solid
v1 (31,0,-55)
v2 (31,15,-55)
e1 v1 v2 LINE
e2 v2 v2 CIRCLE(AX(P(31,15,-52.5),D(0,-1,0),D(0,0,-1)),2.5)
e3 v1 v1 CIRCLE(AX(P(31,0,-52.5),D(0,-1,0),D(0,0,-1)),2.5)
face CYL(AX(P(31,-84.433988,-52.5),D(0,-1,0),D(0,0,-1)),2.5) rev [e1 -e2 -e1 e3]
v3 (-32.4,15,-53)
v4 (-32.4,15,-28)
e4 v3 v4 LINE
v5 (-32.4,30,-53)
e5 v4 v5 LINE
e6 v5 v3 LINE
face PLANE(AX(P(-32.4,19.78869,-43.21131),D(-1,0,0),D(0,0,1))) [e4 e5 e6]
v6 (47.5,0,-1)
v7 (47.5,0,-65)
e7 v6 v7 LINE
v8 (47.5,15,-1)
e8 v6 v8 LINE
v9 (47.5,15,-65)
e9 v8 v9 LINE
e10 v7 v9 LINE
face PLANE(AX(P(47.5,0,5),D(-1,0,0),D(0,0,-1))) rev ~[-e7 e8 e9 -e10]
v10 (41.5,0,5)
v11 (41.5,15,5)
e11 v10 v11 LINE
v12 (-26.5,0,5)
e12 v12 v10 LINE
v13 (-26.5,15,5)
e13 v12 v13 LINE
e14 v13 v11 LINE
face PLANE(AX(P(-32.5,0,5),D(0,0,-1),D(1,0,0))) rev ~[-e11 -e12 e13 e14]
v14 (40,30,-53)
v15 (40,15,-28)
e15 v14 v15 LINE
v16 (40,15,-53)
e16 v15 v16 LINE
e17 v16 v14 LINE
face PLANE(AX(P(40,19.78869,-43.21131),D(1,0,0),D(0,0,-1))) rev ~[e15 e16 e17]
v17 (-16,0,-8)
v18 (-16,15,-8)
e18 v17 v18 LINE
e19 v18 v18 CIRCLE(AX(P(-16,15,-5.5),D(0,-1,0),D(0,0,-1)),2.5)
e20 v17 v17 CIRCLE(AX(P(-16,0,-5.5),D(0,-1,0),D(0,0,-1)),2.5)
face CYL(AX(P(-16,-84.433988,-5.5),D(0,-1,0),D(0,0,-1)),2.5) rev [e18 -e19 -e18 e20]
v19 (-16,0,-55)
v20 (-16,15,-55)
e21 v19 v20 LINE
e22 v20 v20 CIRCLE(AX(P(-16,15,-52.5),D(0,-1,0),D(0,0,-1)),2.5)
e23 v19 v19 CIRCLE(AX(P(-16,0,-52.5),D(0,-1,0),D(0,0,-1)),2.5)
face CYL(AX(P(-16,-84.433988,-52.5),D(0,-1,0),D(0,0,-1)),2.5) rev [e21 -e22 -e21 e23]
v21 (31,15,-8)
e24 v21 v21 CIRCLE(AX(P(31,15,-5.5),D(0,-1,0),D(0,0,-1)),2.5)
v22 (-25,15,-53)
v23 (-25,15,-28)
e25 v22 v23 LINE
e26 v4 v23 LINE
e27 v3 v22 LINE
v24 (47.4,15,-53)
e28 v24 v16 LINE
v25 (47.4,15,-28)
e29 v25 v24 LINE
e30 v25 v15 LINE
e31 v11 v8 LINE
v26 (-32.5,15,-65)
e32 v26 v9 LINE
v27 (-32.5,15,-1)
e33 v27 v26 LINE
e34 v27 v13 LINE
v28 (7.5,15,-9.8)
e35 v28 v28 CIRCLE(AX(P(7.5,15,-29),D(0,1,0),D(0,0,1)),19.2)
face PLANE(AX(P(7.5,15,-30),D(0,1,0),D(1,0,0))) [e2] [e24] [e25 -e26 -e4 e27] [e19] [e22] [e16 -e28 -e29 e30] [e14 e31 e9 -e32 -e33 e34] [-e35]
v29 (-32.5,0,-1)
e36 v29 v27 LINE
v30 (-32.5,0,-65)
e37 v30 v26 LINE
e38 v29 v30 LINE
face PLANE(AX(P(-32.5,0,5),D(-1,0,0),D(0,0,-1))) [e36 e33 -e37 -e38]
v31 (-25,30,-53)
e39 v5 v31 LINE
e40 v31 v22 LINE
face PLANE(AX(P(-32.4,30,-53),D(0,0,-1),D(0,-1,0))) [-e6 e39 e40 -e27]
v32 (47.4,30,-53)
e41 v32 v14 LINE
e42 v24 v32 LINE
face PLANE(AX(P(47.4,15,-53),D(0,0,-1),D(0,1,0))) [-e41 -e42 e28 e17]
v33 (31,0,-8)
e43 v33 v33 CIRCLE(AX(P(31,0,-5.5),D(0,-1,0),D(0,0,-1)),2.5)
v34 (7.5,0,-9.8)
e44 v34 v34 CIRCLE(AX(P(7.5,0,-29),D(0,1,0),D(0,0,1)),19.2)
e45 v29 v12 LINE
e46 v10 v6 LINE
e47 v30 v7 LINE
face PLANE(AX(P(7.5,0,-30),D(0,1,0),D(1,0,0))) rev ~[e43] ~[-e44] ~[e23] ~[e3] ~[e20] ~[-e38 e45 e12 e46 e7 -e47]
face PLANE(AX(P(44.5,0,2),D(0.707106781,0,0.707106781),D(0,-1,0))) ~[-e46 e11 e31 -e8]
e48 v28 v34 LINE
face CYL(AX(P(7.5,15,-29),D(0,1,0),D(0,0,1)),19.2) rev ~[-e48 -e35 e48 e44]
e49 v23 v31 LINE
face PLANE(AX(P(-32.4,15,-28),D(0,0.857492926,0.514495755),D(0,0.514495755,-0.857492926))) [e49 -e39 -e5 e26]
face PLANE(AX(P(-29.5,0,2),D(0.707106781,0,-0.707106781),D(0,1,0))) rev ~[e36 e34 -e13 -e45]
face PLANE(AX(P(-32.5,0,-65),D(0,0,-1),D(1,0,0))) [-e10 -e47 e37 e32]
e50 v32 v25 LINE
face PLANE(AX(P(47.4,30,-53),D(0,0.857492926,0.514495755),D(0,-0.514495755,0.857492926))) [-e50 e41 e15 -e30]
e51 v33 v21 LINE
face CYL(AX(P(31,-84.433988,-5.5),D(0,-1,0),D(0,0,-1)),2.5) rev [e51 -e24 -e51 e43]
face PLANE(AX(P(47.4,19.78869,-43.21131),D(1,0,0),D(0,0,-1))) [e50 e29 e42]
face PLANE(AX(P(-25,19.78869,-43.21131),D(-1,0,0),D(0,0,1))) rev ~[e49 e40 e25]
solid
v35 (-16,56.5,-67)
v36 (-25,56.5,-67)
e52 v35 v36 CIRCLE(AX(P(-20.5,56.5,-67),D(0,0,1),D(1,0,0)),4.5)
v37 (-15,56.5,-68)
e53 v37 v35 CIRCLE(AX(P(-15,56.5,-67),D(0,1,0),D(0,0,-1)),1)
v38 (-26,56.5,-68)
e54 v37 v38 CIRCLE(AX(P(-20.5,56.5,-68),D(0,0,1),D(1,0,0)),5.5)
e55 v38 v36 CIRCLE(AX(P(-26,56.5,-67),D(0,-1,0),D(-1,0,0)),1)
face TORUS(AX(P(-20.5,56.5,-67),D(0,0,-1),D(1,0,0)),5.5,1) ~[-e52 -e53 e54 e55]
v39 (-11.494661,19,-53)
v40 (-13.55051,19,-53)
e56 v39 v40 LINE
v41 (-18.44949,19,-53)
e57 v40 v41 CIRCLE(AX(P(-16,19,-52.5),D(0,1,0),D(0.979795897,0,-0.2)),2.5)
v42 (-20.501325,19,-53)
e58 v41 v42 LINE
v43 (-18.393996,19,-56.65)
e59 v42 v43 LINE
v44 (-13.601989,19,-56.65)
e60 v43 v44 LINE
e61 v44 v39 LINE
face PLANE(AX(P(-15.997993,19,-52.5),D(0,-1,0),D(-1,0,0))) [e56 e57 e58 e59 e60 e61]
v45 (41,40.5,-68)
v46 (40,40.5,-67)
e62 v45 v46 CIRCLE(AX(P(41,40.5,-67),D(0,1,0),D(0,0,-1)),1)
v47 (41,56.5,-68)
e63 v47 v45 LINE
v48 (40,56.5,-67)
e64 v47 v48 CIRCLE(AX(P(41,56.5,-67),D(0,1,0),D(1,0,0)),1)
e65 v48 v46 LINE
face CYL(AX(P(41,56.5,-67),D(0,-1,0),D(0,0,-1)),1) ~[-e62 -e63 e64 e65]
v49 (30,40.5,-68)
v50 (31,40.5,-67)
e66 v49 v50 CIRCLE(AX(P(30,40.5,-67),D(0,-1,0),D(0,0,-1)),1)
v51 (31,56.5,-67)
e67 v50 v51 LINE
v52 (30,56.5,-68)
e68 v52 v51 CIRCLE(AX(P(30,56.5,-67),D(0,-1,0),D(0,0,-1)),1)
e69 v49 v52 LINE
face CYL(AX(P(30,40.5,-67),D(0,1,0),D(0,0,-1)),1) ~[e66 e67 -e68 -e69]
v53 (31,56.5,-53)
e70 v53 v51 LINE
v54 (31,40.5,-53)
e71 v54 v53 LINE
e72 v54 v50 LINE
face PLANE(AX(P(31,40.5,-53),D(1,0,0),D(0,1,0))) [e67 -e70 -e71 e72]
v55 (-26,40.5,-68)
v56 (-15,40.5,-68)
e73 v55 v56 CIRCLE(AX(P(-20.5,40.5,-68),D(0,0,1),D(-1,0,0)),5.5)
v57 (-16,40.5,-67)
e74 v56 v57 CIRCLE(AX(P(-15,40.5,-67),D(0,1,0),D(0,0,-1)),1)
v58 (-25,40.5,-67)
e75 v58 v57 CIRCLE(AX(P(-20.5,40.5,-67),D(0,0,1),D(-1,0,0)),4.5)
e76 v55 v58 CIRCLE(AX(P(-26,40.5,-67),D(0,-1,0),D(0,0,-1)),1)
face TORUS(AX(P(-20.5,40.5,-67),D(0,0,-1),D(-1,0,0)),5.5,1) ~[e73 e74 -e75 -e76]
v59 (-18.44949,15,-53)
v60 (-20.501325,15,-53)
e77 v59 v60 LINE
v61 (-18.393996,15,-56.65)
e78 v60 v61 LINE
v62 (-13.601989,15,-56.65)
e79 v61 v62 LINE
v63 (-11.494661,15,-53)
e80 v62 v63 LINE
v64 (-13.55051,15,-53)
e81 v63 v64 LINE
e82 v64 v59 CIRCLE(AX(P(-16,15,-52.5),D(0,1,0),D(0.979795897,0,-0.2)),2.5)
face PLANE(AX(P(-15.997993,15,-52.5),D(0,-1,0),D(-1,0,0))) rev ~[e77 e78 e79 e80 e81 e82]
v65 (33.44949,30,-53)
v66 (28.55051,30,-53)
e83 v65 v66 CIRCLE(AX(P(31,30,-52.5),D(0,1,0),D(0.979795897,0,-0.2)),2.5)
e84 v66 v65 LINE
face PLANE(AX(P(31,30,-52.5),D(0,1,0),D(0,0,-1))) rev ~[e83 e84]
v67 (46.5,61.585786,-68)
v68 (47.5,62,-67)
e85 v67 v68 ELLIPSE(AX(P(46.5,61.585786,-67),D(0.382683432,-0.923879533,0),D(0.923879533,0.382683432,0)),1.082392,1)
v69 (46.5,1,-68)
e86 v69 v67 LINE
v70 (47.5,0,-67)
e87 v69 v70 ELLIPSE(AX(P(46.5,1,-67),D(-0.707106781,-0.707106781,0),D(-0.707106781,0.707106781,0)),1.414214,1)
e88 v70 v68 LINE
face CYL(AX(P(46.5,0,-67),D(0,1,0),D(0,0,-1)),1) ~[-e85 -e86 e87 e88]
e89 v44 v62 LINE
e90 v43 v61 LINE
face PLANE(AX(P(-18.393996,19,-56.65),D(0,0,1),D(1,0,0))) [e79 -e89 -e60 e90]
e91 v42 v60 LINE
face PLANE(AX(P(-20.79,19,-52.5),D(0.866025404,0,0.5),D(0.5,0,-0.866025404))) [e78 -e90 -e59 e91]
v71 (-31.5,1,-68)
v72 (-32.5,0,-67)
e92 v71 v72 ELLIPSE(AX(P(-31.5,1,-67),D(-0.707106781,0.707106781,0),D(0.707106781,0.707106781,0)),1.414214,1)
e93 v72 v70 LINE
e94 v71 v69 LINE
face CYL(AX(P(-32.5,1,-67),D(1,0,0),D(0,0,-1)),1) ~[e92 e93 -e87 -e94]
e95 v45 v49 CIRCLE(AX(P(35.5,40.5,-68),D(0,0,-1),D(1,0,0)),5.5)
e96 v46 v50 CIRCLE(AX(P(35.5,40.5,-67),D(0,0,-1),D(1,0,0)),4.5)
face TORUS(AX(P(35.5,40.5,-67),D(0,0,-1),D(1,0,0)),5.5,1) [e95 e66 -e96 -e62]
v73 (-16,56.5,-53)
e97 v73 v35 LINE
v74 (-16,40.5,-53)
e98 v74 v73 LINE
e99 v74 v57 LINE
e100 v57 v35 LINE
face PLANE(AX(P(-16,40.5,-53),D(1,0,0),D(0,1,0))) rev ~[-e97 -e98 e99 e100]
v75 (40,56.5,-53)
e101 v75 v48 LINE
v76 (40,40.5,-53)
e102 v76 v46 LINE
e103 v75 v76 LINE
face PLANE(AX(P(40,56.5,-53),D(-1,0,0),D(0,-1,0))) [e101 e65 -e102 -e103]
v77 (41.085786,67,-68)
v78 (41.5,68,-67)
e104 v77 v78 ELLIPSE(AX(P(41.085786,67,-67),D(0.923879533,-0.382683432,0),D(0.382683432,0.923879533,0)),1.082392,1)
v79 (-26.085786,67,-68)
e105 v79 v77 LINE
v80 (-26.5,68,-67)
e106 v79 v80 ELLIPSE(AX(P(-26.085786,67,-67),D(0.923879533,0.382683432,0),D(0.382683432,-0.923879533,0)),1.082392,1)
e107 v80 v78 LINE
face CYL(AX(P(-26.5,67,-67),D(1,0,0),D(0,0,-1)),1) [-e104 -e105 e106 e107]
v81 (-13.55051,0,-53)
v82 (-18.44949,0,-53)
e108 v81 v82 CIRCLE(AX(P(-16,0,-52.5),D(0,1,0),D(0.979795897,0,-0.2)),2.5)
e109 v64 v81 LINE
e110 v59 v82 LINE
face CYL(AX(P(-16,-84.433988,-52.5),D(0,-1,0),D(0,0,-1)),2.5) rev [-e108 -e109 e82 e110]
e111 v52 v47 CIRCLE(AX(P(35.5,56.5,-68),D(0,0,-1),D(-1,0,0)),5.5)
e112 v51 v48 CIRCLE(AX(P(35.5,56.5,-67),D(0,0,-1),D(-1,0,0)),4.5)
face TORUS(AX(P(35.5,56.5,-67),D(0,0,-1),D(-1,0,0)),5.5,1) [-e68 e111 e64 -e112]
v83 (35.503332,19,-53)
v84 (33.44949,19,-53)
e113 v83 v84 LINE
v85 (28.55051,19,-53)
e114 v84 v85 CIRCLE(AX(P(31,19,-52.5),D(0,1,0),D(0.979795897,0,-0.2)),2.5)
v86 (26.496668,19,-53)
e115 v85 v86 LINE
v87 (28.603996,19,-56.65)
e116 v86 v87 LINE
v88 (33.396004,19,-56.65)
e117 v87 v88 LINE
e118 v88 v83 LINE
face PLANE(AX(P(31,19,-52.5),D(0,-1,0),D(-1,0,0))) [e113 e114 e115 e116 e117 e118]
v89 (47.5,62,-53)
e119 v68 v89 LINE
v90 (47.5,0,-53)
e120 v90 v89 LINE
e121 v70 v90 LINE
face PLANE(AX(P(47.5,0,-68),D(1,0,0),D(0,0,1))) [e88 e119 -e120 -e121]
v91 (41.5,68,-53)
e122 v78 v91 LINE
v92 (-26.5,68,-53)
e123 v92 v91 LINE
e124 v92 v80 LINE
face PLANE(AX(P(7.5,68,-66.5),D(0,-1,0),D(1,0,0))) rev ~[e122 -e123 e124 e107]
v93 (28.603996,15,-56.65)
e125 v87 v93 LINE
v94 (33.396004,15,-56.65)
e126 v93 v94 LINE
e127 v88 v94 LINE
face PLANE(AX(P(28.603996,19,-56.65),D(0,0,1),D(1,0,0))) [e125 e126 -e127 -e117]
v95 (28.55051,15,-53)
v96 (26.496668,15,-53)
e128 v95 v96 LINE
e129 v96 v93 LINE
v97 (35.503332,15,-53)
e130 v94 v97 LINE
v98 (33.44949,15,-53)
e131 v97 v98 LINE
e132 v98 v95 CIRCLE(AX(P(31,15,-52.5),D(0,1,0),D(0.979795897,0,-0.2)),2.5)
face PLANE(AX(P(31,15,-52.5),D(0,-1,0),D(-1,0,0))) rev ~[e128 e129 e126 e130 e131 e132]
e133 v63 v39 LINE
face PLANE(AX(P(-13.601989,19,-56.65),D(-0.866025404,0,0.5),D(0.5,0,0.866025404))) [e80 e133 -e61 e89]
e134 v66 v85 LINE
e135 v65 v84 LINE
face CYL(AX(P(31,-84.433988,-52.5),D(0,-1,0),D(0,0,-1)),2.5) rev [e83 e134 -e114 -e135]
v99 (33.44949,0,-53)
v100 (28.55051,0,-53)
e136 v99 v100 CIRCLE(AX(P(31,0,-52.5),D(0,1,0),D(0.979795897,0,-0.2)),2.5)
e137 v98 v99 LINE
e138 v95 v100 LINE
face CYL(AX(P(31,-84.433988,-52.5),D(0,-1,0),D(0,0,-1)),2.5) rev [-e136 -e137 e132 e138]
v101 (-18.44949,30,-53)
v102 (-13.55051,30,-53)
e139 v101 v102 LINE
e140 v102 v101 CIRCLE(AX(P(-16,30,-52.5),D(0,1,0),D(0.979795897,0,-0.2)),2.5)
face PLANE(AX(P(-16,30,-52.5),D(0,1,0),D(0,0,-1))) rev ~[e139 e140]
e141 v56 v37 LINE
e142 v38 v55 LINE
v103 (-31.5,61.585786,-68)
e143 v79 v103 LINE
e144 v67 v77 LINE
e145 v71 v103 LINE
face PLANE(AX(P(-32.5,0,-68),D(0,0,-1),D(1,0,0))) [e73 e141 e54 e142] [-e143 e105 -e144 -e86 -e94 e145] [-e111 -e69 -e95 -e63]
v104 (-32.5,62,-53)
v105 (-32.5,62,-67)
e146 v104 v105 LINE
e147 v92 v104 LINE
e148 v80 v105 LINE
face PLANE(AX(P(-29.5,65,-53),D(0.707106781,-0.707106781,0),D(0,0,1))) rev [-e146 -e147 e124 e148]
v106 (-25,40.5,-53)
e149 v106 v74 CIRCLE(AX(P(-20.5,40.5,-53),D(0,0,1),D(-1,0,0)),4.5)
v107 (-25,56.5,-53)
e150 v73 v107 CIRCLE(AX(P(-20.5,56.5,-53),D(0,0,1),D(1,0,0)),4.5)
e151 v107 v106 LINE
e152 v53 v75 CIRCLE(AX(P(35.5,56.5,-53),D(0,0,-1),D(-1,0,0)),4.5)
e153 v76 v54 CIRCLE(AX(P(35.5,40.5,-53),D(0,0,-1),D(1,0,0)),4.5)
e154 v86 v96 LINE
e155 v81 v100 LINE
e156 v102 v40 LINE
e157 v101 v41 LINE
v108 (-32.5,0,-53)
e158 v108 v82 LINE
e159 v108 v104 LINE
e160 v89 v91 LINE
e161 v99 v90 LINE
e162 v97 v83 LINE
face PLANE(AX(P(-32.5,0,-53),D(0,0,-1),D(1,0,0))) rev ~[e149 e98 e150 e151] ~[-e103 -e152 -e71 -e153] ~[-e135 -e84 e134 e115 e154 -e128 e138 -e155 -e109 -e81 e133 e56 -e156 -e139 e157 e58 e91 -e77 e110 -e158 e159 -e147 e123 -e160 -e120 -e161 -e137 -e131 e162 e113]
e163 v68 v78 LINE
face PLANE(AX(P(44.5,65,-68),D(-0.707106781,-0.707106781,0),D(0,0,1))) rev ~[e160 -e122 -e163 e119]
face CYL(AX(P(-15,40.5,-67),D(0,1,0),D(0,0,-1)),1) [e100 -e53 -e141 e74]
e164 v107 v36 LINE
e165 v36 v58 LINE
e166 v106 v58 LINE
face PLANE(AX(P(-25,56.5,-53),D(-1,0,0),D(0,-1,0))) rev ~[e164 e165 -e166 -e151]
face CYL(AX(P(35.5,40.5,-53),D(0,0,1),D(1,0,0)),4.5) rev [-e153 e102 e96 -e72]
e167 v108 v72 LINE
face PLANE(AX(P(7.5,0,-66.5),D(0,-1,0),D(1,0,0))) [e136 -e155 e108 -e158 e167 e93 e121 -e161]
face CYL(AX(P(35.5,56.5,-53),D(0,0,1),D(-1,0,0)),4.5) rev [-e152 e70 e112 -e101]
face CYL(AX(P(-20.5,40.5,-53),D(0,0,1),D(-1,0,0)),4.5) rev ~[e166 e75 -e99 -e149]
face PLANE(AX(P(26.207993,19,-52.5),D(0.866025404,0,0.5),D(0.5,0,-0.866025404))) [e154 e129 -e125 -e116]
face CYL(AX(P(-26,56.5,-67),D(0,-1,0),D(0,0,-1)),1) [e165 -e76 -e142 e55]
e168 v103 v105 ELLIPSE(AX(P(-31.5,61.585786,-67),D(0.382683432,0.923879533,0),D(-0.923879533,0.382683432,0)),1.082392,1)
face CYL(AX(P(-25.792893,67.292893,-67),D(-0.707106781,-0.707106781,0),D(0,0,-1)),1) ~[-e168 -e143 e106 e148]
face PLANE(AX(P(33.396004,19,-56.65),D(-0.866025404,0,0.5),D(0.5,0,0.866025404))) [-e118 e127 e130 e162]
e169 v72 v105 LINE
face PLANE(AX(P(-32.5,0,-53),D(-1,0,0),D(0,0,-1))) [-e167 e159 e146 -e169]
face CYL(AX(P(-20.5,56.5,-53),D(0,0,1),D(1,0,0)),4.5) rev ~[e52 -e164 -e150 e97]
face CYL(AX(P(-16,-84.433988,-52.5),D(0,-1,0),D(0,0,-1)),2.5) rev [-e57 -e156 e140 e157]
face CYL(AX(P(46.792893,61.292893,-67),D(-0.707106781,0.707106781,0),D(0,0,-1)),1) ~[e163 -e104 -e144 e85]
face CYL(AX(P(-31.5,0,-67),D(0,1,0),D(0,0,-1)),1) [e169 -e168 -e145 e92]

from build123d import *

# Parameters (mm, degrees)
SKETCH1_W               = 80
SKETCH1_H               = 70
BOSS_EXTRUDE1_DEPTH     = 15
SKETCH2_W               = 80
SKETCH2_H               = 3
SKETCH2_H_2             = 12
BOSS_EXTRUDE2_DEPTH     = 68
SKETCH4_R               = 19.2
CUT_EXTRUDE1_DEPTH      = 99.433988033
CUT_EXTRUDE2_DEPTH      = 15
CUT_EXTRUDE2_DEPTH_BACK = 99.433988033
SKETCH5_R               = 2.5
CUT_EXTRUDE3_DEPTH      = 15
BOSS_EXTRUDE3_START     = -0.1
BOSS_EXTRUDE3_DEPTH     = 7.4
BOSS_EXTRUDE4_START     = -0.1
BOSS_EXTRUDE4_DEPTH     = 7.4
CHAMFER1_SIZE           = 6
CUT_EXTRUDE7_START      = 4
SKETCH5_5_R             = 2.5
CUT_EXTRUDE7_DEPTH      = 4
CHAMFER2_SIZE           = 6
FILLET3_R               = 1


with BuildPart() as part:
    # Sketch1 → Boss-Extrude1 (new body)
    with BuildSketch(Plane(origin=(0, 0, 0), x_dir=(1, 0, 0), z_dir=(0, 1, 0))):
        with Locations((7.5, 30)):
            Rectangle(SKETCH1_W, SKETCH1_H)
    extrude(amount=BOSS_EXTRUDE1_DEPTH)

    # Sketch4 → Cut-Extrude1 (cut, through all)
    with BuildSketch(Plane(origin=(0, 15, 0), x_dir=(1, 0, 0), z_dir=(0, 1, 0))):
        with Locations(Location((7.5, 29, 0), (0, 0, 270))):
            Circle(SKETCH4_R)
    extrude(amount=-CUT_EXTRUDE1_DEPTH, mode=Mode.SUBTRACT)


with BuildPart() as body_2:
    # Sketch2 → Boss-Extrude2 (new body)
    with BuildSketch(Plane.XZ):
        with Locations((7.5, -66.5)):
            Rectangle(SKETCH2_W, SKETCH2_H)
        with Locations((7.5, -59)):
            Rectangle(SKETCH2_W, SKETCH2_H_2)
    extrude(amount=-BOSS_EXTRUDE2_DEPTH)


with BuildPart() as cut_extrude2_tool:
    # Sketch5 → Cut-Extrude2 (new, two sides: drawn at the far end of the back side and taken through both)
    with BuildSketch(Plane(origin=(0, 15, 0), x_dir=(1, 0, 0), z_dir=(0, 1, 0)).offset(-CUT_EXTRUDE2_DEPTH_BACK)):
        with Locations(Location((-16, 52.5, 0), (0, 0, 90))):
            Circle(SKETCH5_R)
        with Locations(Location((31, 52.5, 0), (0, 0, 90))):
            Circle(SKETCH5_R)
        with Locations(Location((31, 5.5, 0), (0, 0, 90))):
            Circle(SKETCH5_R)
        with Locations(Location((-16, 5.5, 0), (0, 0, 90))):
            Circle(SKETCH5_R)
    extrude(amount=CUT_EXTRUDE2_DEPTH + CUT_EXTRUDE2_DEPTH_BACK)


with BuildPart() as part_1:
    add(part.part)

    # Cut-Extrude2: cut by cut_extrude2_tool
    add(cut_extrude2_tool.part, mode=Mode.SUBTRACT)

    # Sketch8 → Boss-Extrude3 (add)
    with BuildSketch(Plane.ZY.offset(32.5).offset(BOSS_EXTRUDE3_START)):
        Polygon((-28, 15), (-53, 30), (-53, 15), align=None)
    extrude(amount=-BOSS_EXTRUDE3_DEPTH)

    # Sketch9 → Boss-Extrude4 (add)
    with BuildSketch(Plane(origin=(47.5, 0, 0), x_dir=(0, 0, -1), z_dir=(1, 0, 0)).offset(BOSS_EXTRUDE4_START)):
        Polygon((53, 15), (53, 30), (28, 15), align=None)
    extrude(amount=-BOSS_EXTRUDE4_DEPTH)

    # Chamfer1
    chamfer1_edges = [part_1.edges().sort_by_distance(p)[0] for p in [
        (47.5, 7.5, 5),
        (-32.5, 7.5, 5),
    ]]
    chamfer(chamfer1_edges, length=CHAMFER1_SIZE)


with BuildPart() as body_2_1:
    add(body_2.part)

    # Cut-Extrude2: cut by cut_extrude2_tool
    add(cut_extrude2_tool.part, mode=Mode.SUBTRACT)

    # Sketch6 → Cut-Extrude3 (cut)
    with BuildSketch(Plane.XY.offset(-53)):
        with BuildLine():
            Line((-25, 56.5), (-25, 40.5))
            ThreePointArc((-25, 40.5), (-20.5, 36), (-16, 40.5))
            Line((-16, 40.5), (-16, 56.5))
            ThreePointArc((-16, 56.5), (-20.5, 61), (-25, 56.5))
        make_face()
        with BuildLine():
            ThreePointArc((40, 40.5), (35.5, 36), (31, 40.5))
            Line((31, 40.5), (31, 56.5))
            ThreePointArc((31, 56.5), (35.5, 61), (40, 56.5))
            Line((40, 56.5), (40, 40.5))
        make_face()
    extrude(amount=-CUT_EXTRUDE3_DEPTH, mode=Mode.SUBTRACT)

    # Sketch5<5> → Cut-Extrude7 (cut)
    # profile 1 of 4: a face of its own
    with BuildSketch(Plane(origin=(0, 15, 0), x_dir=(1, 0, 0), z_dir=(0, 1, 0)).offset(CUT_EXTRUDE7_START)):
        Polygon((-18.393996383, 56.65), (-13.601989149, 56.65), (-11.205985531, 52.5), (-13.601989149, 48.35), (-18.393996383, 48.35), (-20.79, 52.5), align=None)
        with Locations(Location((-16, 52.5, 0), (0, 0, 90))):
            Circle(SKETCH5_5_R, mode=Mode.SUBTRACT)
    # profile 2 of 4: a face of its own
    with BuildSketch(Plane(origin=(0, 15, 0), x_dir=(1, 0, 0), z_dir=(0, 1, 0)).offset(CUT_EXTRUDE7_START)):
        Polygon((35.792007234, 52.5), (33.396003617, 48.35), (28.603996383, 48.35), (26.207992766, 52.5), (28.603996383, 56.65), (33.396003617, 56.65), align=None)
        with Locations(Location((31, 52.5, 0), (0, 0, 90))):
            Circle(SKETCH5_5_R, mode=Mode.SUBTRACT)
    # profile 3 of 4: a face of its own
    with BuildSketch(Plane(origin=(0, 15, 0), x_dir=(1, 0, 0), z_dir=(0, 1, 0)).offset(CUT_EXTRUDE7_START)):
        with Locations(Location((31, 52.5, 0), (0, 0, 90))):
            Circle(SKETCH5_5_R)
    # profile 4 of 4: a face of its own
    with BuildSketch(Plane(origin=(0, 15, 0), x_dir=(1, 0, 0), z_dir=(0, 1, 0)).offset(CUT_EXTRUDE7_START)):
        with Locations(Location((-16, 52.5, 0), (0, 0, 90))):
            Circle(SKETCH5_5_R)
    extrude(amount=-CUT_EXTRUDE7_DEPTH, mode=Mode.SUBTRACT)

    # Chamfer2
    chamfer2_edges = [body_2_1.edges().sort_by_distance(p)[0] for p in [
        (-32.5, 68, -60.5),
        (47.5, 68, -60.5),
    ]]
    chamfer(chamfer2_edges, length=CHAMFER2_SIZE)

    # Fillet3
    fillet3_edges = [body_2_1.edges().sort_by_distance(p)[0] for p in [
        (-32.5, 31, -68),
        (7.5, 68, -68),
        (47.5, 31, -68),
        (44.5, 65, -68),
        (-29.5, 65, -68),
        (-16, 48.5, -68),
        (-20.5, 36, -68),
        (-20.5, 61, -68),
        (-25, 48.5, -68),
        (7.5, 0, -68),
        (31, 48.5, -68),
        (40, 48.5, -68),
        (35.5, 36, -68),
        (35.5, 61, -68),
    ]]
    fillet(fillet3_edges, radius=FILLET3_R)


solid = Compound([part_1.part, body_2_1.part])
